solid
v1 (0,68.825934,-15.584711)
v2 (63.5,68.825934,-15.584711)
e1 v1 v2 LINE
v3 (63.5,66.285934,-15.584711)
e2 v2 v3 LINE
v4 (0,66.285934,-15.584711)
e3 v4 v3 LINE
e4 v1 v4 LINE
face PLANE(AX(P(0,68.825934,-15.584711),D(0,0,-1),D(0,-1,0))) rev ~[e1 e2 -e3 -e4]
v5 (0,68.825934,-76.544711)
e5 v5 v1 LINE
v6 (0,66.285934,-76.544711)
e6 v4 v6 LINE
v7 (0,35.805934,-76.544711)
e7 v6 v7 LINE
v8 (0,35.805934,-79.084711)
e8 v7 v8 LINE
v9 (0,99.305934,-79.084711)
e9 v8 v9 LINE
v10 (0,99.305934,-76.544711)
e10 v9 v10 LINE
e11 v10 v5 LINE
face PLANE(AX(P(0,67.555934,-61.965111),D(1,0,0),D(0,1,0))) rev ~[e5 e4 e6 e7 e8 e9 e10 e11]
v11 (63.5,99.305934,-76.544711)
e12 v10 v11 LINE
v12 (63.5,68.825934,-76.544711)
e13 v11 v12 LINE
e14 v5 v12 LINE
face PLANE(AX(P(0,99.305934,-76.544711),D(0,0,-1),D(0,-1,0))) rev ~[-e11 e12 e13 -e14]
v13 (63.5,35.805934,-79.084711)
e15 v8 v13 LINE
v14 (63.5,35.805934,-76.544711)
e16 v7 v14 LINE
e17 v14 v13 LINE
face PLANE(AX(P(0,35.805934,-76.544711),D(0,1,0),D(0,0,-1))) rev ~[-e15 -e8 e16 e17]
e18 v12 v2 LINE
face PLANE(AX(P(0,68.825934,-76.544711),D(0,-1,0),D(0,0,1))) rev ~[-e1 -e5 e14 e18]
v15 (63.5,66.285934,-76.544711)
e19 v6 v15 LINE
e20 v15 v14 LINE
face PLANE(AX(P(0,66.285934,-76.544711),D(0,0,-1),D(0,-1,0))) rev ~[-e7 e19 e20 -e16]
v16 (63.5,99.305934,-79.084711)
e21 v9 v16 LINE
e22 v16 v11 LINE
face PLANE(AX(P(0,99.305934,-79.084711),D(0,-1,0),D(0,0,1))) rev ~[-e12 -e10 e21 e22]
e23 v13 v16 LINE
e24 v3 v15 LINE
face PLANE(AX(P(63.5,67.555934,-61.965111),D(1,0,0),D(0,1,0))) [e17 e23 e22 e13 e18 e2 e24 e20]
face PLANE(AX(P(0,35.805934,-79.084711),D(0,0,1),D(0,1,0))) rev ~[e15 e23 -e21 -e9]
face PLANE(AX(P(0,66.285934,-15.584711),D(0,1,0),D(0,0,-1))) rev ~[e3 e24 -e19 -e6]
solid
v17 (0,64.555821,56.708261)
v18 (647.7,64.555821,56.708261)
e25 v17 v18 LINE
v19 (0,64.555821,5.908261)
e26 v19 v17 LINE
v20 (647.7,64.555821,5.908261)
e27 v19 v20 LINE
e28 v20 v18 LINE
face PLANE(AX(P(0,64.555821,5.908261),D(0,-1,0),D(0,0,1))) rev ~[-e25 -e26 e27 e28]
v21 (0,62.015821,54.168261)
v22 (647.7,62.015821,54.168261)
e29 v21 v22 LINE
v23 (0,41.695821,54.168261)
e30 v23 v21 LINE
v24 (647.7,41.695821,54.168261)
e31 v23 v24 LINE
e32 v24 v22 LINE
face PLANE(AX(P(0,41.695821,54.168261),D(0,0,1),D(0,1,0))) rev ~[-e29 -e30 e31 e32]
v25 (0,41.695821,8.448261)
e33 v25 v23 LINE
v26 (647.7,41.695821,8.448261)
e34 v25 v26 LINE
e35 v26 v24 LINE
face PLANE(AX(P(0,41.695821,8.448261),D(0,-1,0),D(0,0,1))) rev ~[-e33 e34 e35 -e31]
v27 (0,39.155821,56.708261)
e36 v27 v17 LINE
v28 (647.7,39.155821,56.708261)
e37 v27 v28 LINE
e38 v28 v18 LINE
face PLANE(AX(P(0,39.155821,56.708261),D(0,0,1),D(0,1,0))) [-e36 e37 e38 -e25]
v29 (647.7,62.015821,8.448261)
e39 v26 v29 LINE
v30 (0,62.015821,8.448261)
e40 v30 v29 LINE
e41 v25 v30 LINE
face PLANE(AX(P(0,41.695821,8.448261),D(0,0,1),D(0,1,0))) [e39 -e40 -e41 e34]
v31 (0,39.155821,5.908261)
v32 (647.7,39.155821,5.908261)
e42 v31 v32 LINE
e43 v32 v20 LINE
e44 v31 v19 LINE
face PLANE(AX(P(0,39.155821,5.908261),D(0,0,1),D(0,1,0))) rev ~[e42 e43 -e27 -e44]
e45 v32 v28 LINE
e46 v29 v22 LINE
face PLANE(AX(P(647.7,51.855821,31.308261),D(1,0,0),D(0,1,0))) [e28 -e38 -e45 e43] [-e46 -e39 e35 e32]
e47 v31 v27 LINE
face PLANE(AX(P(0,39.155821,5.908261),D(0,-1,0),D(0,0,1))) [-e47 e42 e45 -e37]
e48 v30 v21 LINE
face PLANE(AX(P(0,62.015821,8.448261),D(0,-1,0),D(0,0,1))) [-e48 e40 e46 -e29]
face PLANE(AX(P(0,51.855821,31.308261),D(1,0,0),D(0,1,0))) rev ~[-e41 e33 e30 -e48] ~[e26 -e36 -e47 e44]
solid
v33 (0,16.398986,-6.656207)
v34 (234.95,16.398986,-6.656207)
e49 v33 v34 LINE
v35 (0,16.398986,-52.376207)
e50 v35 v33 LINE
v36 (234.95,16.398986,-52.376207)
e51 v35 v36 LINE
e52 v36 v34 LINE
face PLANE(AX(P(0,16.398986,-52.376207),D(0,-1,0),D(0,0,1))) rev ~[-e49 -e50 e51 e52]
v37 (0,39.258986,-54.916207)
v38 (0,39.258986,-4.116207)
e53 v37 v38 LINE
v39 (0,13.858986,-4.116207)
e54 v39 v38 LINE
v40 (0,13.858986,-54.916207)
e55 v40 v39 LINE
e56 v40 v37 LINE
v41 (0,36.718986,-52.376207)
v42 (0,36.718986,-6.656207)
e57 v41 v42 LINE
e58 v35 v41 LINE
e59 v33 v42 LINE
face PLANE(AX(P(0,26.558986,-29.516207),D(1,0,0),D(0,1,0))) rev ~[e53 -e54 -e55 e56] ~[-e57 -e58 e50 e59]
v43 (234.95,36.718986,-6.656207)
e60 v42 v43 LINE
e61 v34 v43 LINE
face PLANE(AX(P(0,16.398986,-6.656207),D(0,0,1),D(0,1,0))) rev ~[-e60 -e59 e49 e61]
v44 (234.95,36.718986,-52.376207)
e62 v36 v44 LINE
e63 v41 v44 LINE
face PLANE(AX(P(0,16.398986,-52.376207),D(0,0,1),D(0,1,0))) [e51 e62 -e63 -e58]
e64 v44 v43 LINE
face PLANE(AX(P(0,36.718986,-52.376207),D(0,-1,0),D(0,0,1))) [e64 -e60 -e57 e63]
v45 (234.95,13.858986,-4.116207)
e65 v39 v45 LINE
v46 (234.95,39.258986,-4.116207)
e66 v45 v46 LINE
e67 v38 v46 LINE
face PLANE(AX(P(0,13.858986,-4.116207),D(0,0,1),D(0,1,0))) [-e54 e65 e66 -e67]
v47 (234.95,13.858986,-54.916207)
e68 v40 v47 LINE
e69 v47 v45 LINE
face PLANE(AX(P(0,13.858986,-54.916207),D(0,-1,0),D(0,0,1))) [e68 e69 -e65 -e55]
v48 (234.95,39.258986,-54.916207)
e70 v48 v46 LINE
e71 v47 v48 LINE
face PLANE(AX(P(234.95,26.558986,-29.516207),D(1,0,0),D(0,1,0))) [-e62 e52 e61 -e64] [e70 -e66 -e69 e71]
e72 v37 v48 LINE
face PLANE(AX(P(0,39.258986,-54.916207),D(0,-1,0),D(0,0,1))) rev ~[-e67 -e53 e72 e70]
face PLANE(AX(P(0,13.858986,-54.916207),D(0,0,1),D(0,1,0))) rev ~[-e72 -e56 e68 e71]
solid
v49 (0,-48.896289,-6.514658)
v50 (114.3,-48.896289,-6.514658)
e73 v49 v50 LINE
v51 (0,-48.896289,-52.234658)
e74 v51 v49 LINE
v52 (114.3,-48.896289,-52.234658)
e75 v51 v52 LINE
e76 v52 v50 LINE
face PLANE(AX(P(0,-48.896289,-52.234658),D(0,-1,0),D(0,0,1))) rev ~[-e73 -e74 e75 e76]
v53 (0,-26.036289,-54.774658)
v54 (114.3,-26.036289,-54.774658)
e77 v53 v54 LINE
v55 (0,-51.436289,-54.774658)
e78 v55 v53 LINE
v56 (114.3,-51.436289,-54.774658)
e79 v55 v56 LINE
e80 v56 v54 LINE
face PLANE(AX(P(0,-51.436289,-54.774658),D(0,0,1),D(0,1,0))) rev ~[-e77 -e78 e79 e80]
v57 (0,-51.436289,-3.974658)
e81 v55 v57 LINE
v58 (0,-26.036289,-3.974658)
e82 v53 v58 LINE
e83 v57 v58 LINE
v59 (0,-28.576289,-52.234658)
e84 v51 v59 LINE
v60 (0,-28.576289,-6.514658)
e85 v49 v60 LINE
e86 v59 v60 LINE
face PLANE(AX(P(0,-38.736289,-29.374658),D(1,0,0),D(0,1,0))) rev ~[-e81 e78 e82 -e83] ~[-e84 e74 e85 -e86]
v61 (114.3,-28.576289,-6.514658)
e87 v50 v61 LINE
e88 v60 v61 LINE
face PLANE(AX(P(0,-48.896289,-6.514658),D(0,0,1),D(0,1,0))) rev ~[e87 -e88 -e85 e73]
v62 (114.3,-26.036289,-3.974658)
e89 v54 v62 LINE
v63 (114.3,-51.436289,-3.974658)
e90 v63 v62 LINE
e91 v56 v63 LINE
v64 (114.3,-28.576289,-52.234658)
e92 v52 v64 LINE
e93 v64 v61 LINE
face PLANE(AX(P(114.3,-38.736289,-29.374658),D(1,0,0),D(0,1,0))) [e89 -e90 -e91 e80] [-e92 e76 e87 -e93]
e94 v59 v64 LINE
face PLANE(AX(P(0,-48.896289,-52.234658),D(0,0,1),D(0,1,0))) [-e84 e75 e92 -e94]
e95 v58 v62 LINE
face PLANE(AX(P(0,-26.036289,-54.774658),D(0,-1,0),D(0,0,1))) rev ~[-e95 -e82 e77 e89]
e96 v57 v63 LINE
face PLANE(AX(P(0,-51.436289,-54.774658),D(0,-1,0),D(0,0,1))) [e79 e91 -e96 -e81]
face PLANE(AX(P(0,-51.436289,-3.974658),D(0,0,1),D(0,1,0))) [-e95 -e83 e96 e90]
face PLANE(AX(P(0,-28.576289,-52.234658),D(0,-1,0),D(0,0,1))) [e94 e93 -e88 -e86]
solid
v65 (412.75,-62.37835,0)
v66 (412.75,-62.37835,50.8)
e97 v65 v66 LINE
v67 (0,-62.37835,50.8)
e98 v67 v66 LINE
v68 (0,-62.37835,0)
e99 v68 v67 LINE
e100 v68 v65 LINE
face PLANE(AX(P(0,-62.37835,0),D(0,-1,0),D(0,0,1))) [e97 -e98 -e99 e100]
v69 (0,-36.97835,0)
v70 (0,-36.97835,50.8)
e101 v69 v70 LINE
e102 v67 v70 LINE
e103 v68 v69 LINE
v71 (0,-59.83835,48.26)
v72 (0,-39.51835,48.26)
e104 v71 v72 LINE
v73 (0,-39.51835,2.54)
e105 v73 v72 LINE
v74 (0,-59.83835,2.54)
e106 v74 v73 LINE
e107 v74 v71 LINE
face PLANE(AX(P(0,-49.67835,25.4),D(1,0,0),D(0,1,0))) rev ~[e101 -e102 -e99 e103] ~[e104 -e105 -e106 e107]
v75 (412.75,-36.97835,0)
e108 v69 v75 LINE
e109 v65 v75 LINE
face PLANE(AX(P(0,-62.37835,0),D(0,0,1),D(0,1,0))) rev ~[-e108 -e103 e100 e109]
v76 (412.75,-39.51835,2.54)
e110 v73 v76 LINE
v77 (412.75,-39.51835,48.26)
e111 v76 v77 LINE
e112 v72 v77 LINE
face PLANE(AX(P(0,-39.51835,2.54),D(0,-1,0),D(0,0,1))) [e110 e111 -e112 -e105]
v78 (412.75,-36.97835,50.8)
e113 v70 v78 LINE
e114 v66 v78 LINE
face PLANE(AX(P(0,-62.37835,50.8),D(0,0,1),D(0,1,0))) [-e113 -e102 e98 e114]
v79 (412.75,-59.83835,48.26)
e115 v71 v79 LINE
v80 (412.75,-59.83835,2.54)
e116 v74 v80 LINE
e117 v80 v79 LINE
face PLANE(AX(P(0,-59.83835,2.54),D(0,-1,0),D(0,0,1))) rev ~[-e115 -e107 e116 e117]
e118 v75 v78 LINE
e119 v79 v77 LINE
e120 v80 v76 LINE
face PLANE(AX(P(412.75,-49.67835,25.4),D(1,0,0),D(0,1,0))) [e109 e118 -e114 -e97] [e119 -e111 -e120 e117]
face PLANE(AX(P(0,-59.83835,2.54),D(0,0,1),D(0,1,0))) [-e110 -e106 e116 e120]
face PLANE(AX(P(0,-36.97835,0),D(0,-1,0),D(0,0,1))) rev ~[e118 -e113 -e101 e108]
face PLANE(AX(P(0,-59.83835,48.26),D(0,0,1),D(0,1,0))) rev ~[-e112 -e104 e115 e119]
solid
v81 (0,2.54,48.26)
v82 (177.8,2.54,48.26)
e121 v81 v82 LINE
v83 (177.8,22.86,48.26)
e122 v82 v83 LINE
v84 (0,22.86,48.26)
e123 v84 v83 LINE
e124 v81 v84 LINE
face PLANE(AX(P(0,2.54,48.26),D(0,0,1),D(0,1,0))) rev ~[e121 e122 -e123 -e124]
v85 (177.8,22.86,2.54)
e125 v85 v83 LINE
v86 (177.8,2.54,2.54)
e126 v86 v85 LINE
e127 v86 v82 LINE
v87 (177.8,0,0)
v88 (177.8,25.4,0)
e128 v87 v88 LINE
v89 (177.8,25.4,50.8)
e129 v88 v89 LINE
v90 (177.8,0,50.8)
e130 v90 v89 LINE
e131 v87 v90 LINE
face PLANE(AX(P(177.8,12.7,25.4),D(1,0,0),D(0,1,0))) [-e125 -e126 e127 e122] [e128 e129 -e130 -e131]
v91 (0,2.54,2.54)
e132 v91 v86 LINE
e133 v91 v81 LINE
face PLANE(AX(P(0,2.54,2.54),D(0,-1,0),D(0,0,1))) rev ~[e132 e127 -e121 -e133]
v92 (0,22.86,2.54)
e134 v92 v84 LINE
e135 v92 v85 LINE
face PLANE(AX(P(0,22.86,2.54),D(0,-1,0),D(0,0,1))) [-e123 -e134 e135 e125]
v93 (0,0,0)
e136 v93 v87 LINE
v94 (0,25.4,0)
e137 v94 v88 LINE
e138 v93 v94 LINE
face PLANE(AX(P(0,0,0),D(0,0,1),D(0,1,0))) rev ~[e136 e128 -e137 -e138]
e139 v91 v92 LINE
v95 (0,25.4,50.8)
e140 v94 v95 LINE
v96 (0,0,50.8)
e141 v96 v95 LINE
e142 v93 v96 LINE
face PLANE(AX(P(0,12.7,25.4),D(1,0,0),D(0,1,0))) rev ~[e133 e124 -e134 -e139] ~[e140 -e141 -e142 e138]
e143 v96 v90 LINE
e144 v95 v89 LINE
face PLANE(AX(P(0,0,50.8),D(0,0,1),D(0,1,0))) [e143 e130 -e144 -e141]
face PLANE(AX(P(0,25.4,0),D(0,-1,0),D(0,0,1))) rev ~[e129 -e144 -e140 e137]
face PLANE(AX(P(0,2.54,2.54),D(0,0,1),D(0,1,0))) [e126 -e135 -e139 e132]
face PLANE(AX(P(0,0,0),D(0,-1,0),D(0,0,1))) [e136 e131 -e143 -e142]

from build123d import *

# Parameters (mm, degrees)
F0_W      = 25.4
F0_H      = 50.8
F0_W_2    = 20.32
F0_H_2    = 45.72
F1_DEPTH  = 177.8
F2_W      = 25.4
F2_H      = 50.8
F2_W_2    = 20.32
F2_H_2    = 45.72
F3_DEPTH  = 412.75
F4_W      = 25.4
F4_H      = 50.8
F4_W_2    = 20.32
F4_H_2    = 45.72
F5_DEPTH  = 114.3
F6_W      = 25.4
F6_H      = 50.8
F6_W_2    = 20.32
F6_H_2    = 45.72
F7_DEPTH  = 234.95
F8_W      = 25.4
F8_H      = 50.8
F8_W_2    = 20.32
F8_H_2    = 45.72
F9_DEPTH  = 647.7
F11_DEPTH = 63.5


with BuildPart() as f1:
    # F0 (on Right) → F1 (new body)
    with BuildSketch(Plane.YZ):
        with Locations((12.7, 25.4)):
            Rectangle(F0_W, F0_H)
        with Locations((12.7, 25.4)):
            Rectangle(F0_W_2, F0_H_2, mode=Mode.SUBTRACT)
    extrude(amount=F1_DEPTH)


with BuildPart() as f3:
    # F2 (on Right) → F3 (new body)
    with BuildSketch(Plane.YZ):
        with Locations((-49.67835, 25.4)):
            Rectangle(F2_W, F2_H)
        with Locations((-49.67835, 25.4)):
            Rectangle(F2_W_2, F2_H_2, mode=Mode.SUBTRACT)
    extrude(amount=F3_DEPTH)


with BuildPart() as f5:
    # F4 (on Right) → F5 (new body)
    with BuildSketch(Plane.YZ):
        with Locations((-38.736289, -29.374658)):
            Rectangle(F4_W, F4_H)
        with Locations((-38.736289, -29.374658)):
            Rectangle(F4_W_2, F4_H_2, mode=Mode.SUBTRACT)
    extrude(amount=F5_DEPTH)


with BuildPart() as f7:
    # F6 (on Right) → F7 (new body)
    with BuildSketch(Plane.YZ):
        with Locations((26.558986, -29.516207)):
            Rectangle(F6_W, F6_H)
        with Locations((26.558986, -29.516207)):
            Rectangle(F6_W_2, F6_H_2, mode=Mode.SUBTRACT)
    extrude(amount=F7_DEPTH)


with BuildPart() as f9:
    # F8 (on Right) → F9 (new body)
    with BuildSketch(Plane.YZ):
        with Locations((51.855821, 31.308261)):
            Rectangle(F8_W, F8_H)
        with Locations((51.855821, 31.308261)):
            Rectangle(F8_W_2, F8_H_2, mode=Mode.SUBTRACT)
    extrude(amount=F9_DEPTH)


with BuildPart() as f11:
    # F10 (on Right) → F11 (new body)
    with BuildSketch(Plane.YZ):
        Polygon((66.285934, -76.544711), (35.805934, -76.544711), (35.805934, -79.084711), (99.305934, -79.084711), (99.305934, -76.544711), (68.825934, -76.544711), (68.825934, -15.584711), (66.285934, -15.584711), align=None)
    extrude(amount=F11_DEPTH)


solid = Compound([f1.part, f3.part, f5.part, f7.part, f9.part, f11.part])
